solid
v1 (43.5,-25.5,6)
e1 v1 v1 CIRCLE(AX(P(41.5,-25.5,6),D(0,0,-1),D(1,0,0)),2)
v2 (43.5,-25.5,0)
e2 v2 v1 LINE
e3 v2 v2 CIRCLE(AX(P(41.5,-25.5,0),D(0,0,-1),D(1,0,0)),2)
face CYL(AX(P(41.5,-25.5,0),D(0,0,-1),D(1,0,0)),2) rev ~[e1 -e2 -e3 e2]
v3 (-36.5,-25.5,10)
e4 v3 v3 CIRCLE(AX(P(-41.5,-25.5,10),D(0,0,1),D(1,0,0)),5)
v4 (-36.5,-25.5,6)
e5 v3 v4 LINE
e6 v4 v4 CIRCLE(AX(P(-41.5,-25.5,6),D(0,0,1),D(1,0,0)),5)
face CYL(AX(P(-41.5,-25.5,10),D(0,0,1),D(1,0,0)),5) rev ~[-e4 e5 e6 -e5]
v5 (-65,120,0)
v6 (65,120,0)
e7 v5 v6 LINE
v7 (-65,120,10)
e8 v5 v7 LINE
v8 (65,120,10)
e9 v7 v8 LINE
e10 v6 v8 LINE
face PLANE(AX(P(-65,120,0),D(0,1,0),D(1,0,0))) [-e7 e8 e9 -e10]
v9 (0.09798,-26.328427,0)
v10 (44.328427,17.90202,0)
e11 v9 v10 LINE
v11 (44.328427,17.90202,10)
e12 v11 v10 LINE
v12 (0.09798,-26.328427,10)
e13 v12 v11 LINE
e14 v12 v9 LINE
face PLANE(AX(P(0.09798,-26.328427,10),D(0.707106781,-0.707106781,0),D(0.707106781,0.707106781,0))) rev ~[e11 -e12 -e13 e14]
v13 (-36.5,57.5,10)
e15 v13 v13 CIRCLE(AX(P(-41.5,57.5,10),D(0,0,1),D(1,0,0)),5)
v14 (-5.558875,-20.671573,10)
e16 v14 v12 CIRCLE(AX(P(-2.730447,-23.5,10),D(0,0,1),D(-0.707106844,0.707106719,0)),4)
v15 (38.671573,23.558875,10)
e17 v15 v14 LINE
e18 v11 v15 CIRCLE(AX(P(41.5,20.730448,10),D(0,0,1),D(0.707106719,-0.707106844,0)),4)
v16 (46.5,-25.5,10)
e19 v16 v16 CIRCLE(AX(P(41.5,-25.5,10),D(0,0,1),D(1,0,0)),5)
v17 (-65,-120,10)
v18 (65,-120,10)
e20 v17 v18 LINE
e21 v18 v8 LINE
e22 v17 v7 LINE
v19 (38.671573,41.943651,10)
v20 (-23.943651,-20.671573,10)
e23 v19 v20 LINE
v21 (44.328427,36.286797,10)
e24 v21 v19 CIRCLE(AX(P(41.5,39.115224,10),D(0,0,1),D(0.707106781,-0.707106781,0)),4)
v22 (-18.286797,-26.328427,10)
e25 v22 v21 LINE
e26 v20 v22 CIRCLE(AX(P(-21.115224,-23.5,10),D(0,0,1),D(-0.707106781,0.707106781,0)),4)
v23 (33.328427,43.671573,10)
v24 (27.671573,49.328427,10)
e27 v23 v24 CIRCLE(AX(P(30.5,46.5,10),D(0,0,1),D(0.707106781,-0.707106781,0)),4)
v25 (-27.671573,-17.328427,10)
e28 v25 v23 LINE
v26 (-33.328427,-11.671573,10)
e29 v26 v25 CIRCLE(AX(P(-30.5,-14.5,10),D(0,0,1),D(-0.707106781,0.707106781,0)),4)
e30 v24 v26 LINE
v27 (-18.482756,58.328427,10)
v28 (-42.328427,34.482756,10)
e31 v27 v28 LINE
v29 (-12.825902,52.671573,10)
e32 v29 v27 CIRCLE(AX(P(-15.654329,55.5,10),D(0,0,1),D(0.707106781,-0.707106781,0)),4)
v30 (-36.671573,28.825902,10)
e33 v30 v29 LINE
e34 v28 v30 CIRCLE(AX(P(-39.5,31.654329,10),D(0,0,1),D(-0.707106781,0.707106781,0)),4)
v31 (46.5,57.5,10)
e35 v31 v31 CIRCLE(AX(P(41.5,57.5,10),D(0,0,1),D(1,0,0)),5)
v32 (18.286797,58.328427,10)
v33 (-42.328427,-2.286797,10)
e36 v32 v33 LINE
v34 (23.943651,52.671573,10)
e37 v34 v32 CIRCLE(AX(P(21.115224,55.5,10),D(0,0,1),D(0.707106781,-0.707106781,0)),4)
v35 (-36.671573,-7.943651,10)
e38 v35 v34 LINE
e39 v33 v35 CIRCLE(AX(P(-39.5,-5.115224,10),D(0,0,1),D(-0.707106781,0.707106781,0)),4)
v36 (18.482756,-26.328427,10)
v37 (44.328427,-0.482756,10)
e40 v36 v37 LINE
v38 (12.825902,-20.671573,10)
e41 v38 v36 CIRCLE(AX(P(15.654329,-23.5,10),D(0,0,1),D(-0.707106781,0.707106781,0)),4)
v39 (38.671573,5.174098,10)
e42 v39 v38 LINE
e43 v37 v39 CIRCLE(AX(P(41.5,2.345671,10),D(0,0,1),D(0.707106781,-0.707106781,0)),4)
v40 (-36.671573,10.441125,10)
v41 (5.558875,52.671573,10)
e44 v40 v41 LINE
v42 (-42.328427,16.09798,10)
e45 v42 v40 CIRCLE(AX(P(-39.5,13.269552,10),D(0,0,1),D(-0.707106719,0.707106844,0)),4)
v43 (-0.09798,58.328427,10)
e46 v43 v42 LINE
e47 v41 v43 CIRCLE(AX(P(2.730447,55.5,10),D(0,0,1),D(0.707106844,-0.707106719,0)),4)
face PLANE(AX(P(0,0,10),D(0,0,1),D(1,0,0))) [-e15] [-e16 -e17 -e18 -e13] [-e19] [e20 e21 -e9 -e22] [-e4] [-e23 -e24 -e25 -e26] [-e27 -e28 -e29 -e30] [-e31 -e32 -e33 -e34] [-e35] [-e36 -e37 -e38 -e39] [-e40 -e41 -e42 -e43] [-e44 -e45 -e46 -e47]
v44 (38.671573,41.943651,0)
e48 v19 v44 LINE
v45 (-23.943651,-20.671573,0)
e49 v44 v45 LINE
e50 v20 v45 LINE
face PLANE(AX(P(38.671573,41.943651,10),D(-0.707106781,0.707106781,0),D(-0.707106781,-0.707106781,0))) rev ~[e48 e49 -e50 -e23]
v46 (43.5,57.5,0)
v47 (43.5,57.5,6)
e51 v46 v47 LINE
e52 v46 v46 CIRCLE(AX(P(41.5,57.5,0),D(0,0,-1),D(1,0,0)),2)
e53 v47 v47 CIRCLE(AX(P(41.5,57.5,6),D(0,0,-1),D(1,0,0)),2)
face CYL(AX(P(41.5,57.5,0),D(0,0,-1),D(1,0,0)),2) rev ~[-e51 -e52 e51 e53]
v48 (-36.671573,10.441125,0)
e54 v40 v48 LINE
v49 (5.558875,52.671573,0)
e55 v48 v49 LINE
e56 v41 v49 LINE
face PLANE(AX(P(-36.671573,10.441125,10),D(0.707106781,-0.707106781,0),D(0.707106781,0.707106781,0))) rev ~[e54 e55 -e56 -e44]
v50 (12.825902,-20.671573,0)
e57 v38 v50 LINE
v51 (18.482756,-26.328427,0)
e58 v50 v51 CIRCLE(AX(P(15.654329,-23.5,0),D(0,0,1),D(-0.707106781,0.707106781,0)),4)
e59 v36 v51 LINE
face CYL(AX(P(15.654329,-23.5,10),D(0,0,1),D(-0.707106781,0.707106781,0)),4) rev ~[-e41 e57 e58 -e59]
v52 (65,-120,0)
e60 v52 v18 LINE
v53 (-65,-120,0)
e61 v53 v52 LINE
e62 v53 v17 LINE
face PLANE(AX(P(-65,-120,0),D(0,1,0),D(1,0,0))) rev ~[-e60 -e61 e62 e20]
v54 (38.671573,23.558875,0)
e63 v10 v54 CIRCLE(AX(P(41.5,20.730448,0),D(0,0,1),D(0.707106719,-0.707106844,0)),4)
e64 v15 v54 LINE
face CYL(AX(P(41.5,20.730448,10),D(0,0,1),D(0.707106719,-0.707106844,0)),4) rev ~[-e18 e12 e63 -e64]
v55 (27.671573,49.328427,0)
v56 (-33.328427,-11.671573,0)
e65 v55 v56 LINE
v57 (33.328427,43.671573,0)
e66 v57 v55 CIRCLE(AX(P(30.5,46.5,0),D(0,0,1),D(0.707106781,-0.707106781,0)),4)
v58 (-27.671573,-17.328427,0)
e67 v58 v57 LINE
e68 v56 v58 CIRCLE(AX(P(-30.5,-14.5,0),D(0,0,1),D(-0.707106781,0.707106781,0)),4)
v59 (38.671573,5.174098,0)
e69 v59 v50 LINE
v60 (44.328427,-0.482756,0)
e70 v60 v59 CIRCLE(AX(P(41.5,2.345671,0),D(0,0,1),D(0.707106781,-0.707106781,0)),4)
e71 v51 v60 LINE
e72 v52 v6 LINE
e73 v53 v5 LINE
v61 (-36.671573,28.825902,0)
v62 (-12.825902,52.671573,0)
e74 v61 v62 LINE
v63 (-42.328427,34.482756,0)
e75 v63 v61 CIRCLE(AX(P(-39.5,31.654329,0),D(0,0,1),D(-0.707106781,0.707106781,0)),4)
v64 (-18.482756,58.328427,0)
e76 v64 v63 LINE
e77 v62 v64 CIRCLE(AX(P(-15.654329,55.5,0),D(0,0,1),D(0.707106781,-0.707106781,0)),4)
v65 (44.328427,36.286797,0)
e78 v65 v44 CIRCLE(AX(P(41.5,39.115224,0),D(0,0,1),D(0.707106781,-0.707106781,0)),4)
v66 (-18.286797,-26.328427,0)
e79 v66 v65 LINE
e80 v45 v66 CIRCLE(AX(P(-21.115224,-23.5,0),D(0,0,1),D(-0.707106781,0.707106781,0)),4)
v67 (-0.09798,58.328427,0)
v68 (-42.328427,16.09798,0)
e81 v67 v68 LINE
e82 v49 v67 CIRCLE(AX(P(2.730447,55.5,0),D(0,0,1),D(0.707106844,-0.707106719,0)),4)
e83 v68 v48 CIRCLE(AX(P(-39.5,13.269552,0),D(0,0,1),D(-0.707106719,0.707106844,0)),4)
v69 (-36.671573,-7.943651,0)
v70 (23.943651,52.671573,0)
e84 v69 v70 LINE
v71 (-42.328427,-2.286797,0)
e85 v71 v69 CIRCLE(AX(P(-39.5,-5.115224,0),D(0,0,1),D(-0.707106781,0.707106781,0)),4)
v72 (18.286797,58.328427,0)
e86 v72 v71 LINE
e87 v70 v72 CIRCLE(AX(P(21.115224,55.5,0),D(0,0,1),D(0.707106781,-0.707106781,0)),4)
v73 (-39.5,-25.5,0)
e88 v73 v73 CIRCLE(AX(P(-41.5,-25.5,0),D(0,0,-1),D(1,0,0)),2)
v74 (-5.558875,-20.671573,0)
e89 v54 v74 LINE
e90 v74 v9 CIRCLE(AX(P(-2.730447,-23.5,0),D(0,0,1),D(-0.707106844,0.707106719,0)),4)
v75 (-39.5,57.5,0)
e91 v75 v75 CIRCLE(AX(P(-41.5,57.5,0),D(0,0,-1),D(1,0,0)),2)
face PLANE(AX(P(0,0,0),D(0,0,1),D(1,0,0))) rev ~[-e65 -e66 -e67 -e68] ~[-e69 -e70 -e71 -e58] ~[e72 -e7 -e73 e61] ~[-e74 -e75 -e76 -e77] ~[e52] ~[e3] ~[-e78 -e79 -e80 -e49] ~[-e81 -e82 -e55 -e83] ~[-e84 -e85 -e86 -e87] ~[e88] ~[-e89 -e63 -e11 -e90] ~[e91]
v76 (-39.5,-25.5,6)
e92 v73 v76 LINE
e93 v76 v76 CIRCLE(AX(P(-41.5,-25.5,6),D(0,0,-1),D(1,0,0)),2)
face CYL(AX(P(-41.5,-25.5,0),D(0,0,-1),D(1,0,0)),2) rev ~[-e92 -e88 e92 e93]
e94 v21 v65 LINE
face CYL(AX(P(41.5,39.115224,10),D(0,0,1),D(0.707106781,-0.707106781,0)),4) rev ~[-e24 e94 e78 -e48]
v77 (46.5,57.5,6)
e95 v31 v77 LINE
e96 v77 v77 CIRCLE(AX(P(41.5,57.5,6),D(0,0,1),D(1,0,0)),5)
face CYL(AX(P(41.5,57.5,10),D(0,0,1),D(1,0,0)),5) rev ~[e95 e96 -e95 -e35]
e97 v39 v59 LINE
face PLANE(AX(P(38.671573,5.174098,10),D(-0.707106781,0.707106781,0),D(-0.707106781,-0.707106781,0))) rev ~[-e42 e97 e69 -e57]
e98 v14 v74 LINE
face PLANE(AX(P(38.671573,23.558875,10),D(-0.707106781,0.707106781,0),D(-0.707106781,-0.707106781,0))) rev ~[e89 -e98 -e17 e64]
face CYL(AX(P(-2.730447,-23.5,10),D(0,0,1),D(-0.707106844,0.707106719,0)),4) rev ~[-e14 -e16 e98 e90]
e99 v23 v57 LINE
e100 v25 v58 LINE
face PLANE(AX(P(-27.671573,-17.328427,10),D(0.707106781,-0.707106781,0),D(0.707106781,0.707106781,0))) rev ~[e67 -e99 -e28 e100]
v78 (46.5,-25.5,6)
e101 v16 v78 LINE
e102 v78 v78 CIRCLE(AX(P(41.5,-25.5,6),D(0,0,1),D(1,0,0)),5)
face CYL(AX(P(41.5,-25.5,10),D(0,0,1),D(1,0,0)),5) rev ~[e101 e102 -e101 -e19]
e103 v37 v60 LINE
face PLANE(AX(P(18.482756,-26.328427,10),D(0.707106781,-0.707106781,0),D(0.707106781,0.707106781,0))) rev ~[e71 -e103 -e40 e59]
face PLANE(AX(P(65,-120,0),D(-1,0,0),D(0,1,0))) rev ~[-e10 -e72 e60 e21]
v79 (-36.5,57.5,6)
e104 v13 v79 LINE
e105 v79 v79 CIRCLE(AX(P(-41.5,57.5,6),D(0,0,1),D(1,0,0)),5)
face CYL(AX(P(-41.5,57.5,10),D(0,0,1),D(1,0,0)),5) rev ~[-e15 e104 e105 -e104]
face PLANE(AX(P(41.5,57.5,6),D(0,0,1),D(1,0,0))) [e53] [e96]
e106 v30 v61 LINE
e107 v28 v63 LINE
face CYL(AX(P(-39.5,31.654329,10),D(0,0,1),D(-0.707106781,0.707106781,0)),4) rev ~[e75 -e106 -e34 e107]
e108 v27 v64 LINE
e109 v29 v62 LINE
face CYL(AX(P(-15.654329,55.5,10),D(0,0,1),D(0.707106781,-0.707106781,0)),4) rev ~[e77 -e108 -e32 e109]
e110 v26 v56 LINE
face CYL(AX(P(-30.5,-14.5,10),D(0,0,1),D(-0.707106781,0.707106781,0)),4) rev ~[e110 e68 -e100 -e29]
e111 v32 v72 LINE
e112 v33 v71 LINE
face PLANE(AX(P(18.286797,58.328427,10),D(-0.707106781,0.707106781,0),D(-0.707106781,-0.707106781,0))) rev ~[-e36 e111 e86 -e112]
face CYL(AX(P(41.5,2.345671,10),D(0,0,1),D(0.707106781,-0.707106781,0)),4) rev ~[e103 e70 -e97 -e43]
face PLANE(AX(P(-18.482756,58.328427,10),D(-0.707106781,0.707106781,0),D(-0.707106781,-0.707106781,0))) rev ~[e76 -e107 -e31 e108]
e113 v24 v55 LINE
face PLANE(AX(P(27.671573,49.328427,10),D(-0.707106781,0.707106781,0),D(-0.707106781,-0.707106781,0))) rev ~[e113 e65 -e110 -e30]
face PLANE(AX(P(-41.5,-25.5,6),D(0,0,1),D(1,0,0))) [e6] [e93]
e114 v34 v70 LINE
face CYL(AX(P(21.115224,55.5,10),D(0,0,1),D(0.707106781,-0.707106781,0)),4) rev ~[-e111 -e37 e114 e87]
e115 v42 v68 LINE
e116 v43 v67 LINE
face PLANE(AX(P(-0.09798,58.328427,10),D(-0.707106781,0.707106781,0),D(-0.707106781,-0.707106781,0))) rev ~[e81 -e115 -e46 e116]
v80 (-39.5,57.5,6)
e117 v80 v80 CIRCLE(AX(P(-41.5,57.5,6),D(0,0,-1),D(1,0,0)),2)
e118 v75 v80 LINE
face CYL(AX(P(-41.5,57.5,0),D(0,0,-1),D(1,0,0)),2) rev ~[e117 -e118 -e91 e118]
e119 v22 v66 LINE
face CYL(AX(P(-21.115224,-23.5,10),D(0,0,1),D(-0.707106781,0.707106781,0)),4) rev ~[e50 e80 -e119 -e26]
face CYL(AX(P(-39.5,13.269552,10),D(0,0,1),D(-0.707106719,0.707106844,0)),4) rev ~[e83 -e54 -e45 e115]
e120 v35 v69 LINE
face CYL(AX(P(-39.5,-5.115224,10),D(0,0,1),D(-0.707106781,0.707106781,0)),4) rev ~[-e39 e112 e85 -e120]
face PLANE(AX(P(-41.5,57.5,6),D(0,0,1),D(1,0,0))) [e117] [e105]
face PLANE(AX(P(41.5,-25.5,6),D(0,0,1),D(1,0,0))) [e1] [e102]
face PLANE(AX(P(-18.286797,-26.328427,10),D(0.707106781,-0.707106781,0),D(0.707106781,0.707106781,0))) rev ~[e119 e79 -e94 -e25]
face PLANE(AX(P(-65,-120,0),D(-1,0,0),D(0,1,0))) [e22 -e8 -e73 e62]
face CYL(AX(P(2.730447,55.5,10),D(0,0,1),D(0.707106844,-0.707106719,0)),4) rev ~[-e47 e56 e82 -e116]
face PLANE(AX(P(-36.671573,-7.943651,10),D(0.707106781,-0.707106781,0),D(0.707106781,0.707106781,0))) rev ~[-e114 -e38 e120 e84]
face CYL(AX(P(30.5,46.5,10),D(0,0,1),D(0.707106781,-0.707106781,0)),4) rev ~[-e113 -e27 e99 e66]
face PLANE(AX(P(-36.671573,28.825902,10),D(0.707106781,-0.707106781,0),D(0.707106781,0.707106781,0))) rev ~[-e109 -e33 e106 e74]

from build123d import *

# Parameters (mm, degrees)
SKETCH008_W          = 130
SKETCH008_H          = 240
PAD005_DEPTH         = 10
SKETCH009_R          = 2
POCKET003_DEPTH      = 10.001
POCKET003_DEPTH_BACK = 0.001
SKETCH010_R          = 5
POCKET004_DEPTH      = 4
POCKET005_DEPTH      = 10.001
POCKET005_DEPTH_BACK = 0.001


with BuildPart() as part:
    # Sketch008 → Pad005 (new body)
    with BuildSketch(Plane.XY):
        Rectangle(SKETCH008_W, SKETCH008_H)
    extrude(amount=PAD005_DEPTH)

    # Sketch009 (on Face5 of Pad005) → Pocket003 (cut, two sides)
    with BuildSketch(Plane(origin=(0, 0, 0), x_dir=(1, 0, 0), z_dir=(0, 0, -1))) as pocket003_sk:
        with Locations((-41.5, -57.5)):
            Circle(SKETCH009_R)
        with Locations((-41.5, 25.5)):
            Circle(SKETCH009_R)
        with Locations((41.5, 25.5)):
            Circle(SKETCH009_R)
        with Locations((41.5, -57.5)):
            Circle(SKETCH009_R)
    extrude(amount=-POCKET003_DEPTH, mode=Mode.SUBTRACT)
    extrude(pocket003_sk.sketch, amount=POCKET003_DEPTH_BACK, mode=Mode.SUBTRACT)

    # Sketch010 (on Face5 of Pocket003) → Pocket004 (cut)
    with BuildSketch(Plane.XY.offset(10)):
        with Locations((-41.5, 57.5)):
            Circle(SKETCH010_R)
        with Locations((41.5, 57.5)):
            Circle(SKETCH010_R)
        with Locations((-41.5, -25.5)):
            Circle(SKETCH010_R)
        with Locations((41.5, -25.5)):
            Circle(SKETCH010_R)
    extrude(amount=-POCKET004_DEPTH, mode=Mode.SUBTRACT)

    # Sketch011 (on Face5 of Pocket004) → Pocket005 (cut, two sides)
    with BuildSketch(Plane.XY.offset(10)) as pocket005_sk:
        with BuildLine():
            ThreePointArc((-33.328427, -11.671573), (-33.328427, -17.328427), (-27.671573, -17.328427))
            Line((-27.671573, -17.328427), (33.328427, 43.671573))
            ThreePointArc((33.328427, 43.671573), (33.328427, 49.328427), (27.671573, 49.328427))
            Line((27.671573, 49.328427), (-33.328427, -11.671573))
        make_face()
        with BuildLine():
            ThreePointArc((-42.328427, -2.286797), (-42.328427, -7.943651), (-36.671573, -7.943651))
            Line((-36.671573, -7.943651), (23.943651, 52.671573))
            ThreePointArc((23.943651, 52.671573), (23.943651, 58.328427), (18.286797, 58.328427))
            Line((18.286797, 58.328427), (-42.328427, -2.286797))
        make_face()
        with BuildLine():
            ThreePointArc((-42.328427, 16.09798), (-42.328427, 10.441125), (-36.671573, 10.441125))
            Line((-36.671573, 10.441125), (5.558875, 52.671573))
            ThreePointArc((5.558875, 52.671573), (5.558875, 58.328427), (-0.09798, 58.328427))
            Line((-0.09798, 58.328427), (-42.328427, 16.09798))
        make_face()
        with BuildLine():
            ThreePointArc((-42.328427, 34.482756), (-42.328427, 28.825902), (-36.671573, 28.825902))
            Line((-36.671573, 28.825902), (-12.825902, 52.671573))
            ThreePointArc((-12.825902, 52.671573), (-12.825902, 58.328427), (-18.482756, 58.328427))
            Line((-18.482756, 58.328427), (-42.328427, 34.482756))
        make_face()
        with BuildLine():
            ThreePointArc((-23.943651, -20.671573), (-23.943651, -26.328427), (-18.286797, -26.328427))
            Line((-18.286797, -26.328427), (44.328427, 36.286797))
            ThreePointArc((44.328427, 36.286797), (44.328427, 41.943651), (38.671573, 41.943651))
            Line((38.671573, 41.943651), (-23.943651, -20.671573))
        make_face()
        with BuildLine():
            ThreePointArc((-5.558875, -20.671573), (-5.558875, -26.328427), (0.09798, -26.328427))
            Line((0.09798, -26.328427), (44.328427, 17.90202))
            ThreePointArc((44.328427, 17.90202), (44.328427, 23.558875), (38.671573, 23.558875))
            Line((38.671573, 23.558875), (-5.558875, -20.671573))
        make_face()
        with BuildLine():
            ThreePointArc((12.825902, -20.671573), (12.825902, -26.328427), (18.482756, -26.328427))
            Line((18.482756, -26.328427), (44.328427, -0.482756))
            ThreePointArc((44.328427, -0.482756), (44.328427, 5.174098), (38.671573, 5.174098))
            Line((38.671573, 5.174098), (12.825902, -20.671573))
        make_face()
    extrude(amount=-POCKET005_DEPTH, mode=Mode.SUBTRACT)
    extrude(pocket005_sk.sketch, amount=POCKET005_DEPTH_BACK, mode=Mode.SUBTRACT)


solid = part.part
